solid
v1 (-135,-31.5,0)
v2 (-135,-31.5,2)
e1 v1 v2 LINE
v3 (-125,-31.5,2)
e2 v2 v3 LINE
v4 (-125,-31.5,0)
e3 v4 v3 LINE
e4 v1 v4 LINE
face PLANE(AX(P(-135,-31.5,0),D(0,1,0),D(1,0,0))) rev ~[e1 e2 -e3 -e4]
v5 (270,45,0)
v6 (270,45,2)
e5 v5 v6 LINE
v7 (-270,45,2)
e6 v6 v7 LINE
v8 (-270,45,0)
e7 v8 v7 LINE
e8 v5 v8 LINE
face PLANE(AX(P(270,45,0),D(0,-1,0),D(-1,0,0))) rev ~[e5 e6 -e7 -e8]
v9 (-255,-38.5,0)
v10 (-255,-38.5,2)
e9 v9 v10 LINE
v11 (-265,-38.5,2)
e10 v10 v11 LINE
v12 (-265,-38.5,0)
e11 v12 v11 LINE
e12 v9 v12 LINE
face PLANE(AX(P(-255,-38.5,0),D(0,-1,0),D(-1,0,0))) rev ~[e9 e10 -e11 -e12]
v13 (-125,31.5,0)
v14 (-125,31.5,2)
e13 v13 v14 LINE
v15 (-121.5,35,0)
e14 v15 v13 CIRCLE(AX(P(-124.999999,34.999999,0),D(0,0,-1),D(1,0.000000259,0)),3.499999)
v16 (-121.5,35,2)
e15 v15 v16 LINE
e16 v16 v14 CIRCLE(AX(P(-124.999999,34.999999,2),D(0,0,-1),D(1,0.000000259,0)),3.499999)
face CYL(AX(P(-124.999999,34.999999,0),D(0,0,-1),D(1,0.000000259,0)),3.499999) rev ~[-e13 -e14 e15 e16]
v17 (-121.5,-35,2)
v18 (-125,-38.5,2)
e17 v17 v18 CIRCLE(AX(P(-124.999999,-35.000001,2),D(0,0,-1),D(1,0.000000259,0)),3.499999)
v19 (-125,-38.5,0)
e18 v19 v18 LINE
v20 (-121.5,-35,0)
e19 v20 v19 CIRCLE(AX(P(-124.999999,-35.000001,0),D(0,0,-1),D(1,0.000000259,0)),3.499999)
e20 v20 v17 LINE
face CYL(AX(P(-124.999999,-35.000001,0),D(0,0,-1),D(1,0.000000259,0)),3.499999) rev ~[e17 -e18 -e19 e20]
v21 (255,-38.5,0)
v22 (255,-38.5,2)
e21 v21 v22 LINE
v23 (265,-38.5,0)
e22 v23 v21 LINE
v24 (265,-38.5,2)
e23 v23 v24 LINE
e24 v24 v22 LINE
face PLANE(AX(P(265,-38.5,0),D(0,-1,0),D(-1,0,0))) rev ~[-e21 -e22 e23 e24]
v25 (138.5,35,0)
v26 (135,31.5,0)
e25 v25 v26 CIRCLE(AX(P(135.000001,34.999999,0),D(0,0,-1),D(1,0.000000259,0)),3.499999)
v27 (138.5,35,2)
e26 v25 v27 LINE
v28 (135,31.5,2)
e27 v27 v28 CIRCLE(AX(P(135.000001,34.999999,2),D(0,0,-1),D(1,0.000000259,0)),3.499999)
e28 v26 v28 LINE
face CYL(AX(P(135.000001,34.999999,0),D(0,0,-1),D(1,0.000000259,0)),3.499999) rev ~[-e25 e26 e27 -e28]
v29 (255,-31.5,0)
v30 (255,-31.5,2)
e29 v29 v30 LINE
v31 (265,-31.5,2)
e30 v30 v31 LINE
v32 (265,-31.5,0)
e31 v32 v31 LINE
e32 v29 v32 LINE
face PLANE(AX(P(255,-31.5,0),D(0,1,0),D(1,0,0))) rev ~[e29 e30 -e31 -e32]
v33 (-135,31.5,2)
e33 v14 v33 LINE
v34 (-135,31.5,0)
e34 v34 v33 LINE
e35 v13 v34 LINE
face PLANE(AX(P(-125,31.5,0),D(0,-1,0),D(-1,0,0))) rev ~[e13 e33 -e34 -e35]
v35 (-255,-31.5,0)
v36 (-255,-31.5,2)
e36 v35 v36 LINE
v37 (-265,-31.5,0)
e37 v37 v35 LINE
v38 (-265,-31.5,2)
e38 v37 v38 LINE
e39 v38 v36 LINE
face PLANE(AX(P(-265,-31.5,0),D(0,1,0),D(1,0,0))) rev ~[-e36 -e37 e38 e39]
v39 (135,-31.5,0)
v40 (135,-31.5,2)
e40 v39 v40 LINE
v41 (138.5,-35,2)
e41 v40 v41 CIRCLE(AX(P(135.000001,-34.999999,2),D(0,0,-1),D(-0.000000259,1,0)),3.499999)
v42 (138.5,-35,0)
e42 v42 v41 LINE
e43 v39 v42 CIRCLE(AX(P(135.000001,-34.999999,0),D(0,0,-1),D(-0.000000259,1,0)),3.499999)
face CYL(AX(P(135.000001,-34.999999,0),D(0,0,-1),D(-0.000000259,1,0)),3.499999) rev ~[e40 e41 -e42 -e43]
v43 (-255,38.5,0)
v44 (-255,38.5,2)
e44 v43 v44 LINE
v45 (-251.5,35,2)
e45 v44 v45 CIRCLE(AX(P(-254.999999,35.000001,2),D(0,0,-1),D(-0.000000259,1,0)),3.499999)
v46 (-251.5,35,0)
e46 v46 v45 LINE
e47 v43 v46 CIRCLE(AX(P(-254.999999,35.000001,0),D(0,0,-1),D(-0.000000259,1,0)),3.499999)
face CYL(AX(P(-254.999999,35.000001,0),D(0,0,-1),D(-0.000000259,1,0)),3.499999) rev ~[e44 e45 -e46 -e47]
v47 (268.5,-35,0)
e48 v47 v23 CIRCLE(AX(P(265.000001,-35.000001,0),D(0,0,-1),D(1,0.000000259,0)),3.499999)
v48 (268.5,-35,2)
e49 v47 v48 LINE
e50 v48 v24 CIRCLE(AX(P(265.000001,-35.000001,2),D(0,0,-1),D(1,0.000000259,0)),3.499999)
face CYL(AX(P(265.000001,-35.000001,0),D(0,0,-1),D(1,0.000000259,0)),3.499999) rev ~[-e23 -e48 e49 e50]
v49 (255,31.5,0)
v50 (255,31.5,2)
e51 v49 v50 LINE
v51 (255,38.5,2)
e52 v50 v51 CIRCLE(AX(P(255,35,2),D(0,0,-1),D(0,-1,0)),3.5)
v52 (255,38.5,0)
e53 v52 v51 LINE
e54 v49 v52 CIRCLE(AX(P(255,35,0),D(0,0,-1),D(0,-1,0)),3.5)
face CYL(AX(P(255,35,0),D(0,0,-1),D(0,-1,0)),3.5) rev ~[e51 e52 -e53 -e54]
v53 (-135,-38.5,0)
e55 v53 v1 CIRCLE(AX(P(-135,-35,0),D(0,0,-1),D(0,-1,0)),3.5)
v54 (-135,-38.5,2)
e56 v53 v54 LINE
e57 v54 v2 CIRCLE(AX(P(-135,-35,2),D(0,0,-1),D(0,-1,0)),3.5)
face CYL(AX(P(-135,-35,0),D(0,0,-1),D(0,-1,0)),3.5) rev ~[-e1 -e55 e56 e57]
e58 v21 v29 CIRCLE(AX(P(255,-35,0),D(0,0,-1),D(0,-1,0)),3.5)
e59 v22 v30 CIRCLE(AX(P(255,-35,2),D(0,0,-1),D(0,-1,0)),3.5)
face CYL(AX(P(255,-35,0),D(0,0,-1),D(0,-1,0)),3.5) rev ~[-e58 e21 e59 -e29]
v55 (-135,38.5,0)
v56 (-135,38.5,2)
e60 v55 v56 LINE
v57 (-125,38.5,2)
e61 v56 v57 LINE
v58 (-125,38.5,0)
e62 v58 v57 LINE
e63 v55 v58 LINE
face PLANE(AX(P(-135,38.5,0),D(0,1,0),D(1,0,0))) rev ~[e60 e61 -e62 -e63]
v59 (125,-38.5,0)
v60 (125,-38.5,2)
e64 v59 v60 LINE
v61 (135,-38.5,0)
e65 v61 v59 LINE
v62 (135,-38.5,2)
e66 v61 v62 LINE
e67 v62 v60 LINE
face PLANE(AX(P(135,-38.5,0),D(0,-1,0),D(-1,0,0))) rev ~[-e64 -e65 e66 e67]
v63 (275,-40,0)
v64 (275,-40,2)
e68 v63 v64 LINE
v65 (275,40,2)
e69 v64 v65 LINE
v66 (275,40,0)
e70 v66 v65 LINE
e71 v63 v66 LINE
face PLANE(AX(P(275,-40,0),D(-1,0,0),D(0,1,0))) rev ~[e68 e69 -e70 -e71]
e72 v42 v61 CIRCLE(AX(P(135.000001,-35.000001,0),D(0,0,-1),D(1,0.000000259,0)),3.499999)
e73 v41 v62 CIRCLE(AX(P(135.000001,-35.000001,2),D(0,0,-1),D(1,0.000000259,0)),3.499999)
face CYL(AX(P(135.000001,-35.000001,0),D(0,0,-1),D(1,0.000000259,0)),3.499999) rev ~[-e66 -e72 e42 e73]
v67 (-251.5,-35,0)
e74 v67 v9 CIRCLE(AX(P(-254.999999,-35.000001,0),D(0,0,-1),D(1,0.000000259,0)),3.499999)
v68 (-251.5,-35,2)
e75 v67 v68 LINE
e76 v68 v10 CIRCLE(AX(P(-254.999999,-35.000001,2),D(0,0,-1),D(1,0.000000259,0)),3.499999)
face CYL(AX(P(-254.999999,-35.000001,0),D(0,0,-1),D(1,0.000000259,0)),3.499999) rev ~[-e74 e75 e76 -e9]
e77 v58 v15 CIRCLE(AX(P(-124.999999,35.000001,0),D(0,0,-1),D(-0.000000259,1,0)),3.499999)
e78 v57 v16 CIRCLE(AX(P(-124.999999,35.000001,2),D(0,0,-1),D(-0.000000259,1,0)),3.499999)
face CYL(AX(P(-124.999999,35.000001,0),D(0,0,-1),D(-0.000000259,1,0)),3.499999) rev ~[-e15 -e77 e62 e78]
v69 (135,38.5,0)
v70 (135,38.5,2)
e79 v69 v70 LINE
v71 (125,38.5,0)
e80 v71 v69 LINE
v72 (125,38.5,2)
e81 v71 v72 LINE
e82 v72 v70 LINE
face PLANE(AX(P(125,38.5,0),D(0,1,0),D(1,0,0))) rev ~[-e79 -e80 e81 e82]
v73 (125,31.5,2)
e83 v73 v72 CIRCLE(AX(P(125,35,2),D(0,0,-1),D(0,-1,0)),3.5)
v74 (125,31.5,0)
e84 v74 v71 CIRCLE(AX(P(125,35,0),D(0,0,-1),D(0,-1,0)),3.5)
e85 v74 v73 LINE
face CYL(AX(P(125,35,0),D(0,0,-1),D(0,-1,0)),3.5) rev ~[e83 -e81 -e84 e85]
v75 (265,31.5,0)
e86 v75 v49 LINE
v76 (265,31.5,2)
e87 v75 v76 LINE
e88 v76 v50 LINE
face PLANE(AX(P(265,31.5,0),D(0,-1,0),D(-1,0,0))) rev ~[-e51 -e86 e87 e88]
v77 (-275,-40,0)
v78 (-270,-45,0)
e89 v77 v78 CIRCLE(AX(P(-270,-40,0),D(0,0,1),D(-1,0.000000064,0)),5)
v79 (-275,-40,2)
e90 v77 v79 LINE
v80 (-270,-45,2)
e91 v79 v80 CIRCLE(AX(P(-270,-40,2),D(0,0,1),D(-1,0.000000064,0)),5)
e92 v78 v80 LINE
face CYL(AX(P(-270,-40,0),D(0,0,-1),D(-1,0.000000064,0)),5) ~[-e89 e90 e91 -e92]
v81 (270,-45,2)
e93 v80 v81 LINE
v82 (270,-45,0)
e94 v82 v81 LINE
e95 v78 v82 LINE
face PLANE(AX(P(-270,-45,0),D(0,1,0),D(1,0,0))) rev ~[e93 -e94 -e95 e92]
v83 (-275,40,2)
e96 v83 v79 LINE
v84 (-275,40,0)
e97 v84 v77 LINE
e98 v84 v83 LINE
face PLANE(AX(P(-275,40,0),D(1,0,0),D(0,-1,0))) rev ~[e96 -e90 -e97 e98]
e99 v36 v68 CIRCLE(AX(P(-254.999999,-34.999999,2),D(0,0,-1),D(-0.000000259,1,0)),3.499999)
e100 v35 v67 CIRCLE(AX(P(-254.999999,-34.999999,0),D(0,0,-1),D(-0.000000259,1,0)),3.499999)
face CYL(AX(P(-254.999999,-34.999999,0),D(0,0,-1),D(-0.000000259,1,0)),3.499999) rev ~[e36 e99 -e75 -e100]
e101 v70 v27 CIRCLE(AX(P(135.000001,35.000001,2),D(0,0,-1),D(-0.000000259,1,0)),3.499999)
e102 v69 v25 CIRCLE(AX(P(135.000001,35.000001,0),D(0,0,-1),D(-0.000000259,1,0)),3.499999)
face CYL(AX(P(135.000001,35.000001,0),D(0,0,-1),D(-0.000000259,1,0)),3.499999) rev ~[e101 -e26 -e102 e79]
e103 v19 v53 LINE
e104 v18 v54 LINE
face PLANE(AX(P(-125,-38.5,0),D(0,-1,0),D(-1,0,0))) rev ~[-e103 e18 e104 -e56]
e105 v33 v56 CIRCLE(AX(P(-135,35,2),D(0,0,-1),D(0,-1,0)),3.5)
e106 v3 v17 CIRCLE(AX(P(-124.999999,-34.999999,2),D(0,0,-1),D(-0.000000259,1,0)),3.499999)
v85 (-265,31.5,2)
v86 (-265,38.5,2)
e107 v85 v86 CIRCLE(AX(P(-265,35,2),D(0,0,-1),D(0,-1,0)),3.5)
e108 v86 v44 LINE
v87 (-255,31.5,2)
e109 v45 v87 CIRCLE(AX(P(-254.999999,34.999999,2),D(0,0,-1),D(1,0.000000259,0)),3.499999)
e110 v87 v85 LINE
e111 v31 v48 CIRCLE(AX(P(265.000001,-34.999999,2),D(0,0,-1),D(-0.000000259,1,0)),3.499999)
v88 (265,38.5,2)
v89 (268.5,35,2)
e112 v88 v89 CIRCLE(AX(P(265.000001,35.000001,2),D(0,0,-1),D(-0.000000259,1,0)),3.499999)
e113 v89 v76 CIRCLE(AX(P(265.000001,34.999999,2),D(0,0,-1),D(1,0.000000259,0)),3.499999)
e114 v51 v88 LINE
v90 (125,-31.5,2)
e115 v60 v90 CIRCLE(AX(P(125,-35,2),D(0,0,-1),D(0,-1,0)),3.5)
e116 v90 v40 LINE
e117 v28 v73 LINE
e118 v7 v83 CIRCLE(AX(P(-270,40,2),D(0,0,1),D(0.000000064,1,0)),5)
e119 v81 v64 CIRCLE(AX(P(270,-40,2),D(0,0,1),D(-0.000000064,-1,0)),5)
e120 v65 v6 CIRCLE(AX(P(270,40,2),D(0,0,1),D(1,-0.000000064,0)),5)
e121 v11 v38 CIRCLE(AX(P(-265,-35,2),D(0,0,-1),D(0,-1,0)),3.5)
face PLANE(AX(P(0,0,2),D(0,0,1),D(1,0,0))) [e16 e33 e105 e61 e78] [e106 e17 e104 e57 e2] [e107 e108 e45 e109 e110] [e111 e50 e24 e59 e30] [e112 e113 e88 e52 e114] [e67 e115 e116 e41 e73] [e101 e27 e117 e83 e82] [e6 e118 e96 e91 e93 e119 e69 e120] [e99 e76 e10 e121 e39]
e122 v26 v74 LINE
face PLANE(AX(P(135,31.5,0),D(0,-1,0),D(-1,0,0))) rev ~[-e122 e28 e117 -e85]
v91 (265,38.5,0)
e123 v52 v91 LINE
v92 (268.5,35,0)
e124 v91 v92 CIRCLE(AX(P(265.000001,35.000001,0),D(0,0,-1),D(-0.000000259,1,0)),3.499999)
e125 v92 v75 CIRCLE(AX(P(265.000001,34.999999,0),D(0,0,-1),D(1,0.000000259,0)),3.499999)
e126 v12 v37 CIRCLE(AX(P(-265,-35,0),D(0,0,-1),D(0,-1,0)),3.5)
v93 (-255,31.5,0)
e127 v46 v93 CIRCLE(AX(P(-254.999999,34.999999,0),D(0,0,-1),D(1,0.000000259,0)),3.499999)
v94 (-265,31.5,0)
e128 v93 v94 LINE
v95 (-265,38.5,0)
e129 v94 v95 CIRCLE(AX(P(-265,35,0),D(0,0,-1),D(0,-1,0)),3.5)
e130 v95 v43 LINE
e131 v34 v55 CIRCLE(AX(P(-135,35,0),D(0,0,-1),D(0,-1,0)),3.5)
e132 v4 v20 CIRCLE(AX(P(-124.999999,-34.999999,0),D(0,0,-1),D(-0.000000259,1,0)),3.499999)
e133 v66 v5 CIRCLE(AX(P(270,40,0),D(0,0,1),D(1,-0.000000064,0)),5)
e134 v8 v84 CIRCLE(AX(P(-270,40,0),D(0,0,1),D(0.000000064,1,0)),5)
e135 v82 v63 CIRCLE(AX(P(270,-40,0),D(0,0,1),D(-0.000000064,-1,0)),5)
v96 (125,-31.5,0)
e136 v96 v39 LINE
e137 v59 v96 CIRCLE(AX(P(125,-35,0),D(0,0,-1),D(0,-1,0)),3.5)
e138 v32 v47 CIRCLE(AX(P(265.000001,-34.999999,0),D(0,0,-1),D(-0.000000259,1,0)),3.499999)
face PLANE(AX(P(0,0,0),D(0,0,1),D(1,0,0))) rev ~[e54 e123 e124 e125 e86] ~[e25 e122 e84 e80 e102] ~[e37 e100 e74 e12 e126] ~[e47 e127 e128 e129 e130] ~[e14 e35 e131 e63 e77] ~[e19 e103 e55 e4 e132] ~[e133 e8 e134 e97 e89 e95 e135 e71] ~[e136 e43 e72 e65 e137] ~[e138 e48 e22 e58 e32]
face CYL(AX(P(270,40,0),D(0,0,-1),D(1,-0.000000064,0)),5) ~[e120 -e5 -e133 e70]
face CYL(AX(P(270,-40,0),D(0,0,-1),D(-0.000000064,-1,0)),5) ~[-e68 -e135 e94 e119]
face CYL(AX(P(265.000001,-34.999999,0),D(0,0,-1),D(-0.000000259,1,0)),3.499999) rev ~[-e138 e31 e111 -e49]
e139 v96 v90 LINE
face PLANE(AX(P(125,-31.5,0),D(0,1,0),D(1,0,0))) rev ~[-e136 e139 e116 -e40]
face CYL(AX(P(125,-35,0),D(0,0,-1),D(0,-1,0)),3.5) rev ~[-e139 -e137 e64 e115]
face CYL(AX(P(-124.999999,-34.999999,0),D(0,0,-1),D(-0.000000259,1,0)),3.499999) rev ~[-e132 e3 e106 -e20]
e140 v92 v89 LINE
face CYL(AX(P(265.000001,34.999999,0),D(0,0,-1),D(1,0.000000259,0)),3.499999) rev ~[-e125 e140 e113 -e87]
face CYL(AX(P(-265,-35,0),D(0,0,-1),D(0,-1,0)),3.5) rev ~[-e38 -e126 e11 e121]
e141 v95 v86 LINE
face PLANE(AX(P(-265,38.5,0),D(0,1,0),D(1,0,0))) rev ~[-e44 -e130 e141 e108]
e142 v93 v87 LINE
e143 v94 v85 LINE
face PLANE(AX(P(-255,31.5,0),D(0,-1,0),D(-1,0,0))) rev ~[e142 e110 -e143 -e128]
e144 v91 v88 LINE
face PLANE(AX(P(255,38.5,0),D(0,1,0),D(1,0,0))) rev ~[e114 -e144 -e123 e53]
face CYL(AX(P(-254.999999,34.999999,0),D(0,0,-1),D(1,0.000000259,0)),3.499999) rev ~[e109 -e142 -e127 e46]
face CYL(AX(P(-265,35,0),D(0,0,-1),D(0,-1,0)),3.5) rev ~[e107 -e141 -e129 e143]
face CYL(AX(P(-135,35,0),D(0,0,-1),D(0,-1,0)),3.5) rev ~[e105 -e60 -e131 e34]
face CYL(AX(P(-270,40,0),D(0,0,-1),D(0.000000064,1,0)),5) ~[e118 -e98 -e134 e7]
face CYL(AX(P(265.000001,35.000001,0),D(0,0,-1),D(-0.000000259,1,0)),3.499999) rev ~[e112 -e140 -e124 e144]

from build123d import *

# Parameters (mm, degrees)
F1_DEPTH = 2


with BuildPart() as f1:
    # F0 (on Top) → F1 (new body)
    with BuildSketch(Plane.XY):
        with BuildLine():
            ThreePointArc((275, 40), (273.535534, 43.535534), (270, 45))
            Line((270, 45), (-270, 45))
            ThreePointArc((-270, 45), (-273.535534, 43.535534), (-275, 40))
            Line((-275, 40), (-275, -40))
            ThreePointArc((-275, -40), (-273.535534, -43.535534), (-270, -45))
            Line((-270, -45), (270, -45))
            ThreePointArc((270, -45), (273.535534, -43.535534), (275, -40))
            Line((275, -40), (275, 40))
        make_face()
        with BuildLine():
            ThreePointArc((-251.5, -35), (-252.525126, -37.474874), (-255, -38.5))
            Line((-255, -38.5), (-265, -38.5))
            ThreePointArc((-265, -38.5), (-268.5, -35), (-265, -31.5))
            Line((-265, -31.5), (-255, -31.5))
            ThreePointArc((-255, -31.5), (-252.525126, -32.525126), (-251.5, -35))
        make_face(mode=Mode.SUBTRACT)
        with BuildLine():
            ThreePointArc((-121.5, -35), (-122.525126, -37.474874), (-125, -38.5))
            Line((-125, -38.5), (-135, -38.5))
            ThreePointArc((-135, -38.5), (-138.5, -35), (-135, -31.5))
            Line((-135, -31.5), (-125, -31.5))
            ThreePointArc((-125, -31.5), (-122.525126, -32.525126), (-121.5, -35))
        make_face(mode=Mode.SUBTRACT)
        with BuildLine():
            ThreePointArc((125, -38.5), (121.5, -35), (125, -31.5))
            Line((125, -31.5), (135, -31.5))
            ThreePointArc((135, -31.5), (137.474874, -32.525126), (138.5, -35))
            ThreePointArc((138.5, -35), (137.474874, -37.474874), (135, -38.5))
            Line((135, -38.5), (125, -38.5))
        make_face(mode=Mode.SUBTRACT)
        with BuildLine():
            ThreePointArc((255, -38.5), (251.5, -35), (255, -31.5))
            Line((255, -31.5), (265, -31.5))
            ThreePointArc((265, -31.5), (267.474874, -32.525126), (268.5, -35))
            ThreePointArc((268.5, -35), (267.474874, -37.474874), (265, -38.5))
            Line((265, -38.5), (255, -38.5))
        make_face(mode=Mode.SUBTRACT)
        with BuildLine():
            ThreePointArc((-265, 31.5), (-268.5, 35), (-265, 38.5))
            Line((-265, 38.5), (-255, 38.5))
            ThreePointArc((-255, 38.5), (-252.525126, 37.474874), (-251.5, 35))
            ThreePointArc((-251.5, 35), (-252.525126, 32.525126), (-255, 31.5))
            Line((-255, 31.5), (-265, 31.5))
        make_face(mode=Mode.SUBTRACT)
        with BuildLine():
            ThreePointArc((-135, 31.5), (-138.5, 35), (-135, 38.5))
            Line((-135, 38.5), (-125, 38.5))
            ThreePointArc((-125, 38.5), (-122.525126, 37.474874), (-121.5, 35))
            ThreePointArc((-121.5, 35), (-122.525126, 32.525126), (-125, 31.5))
            Line((-125, 31.5), (-135, 31.5))
        make_face(mode=Mode.SUBTRACT)
        with BuildLine():
            ThreePointArc((125, 31.5), (121.5, 35), (125, 38.5))
            Line((125, 38.5), (135, 38.5))
            ThreePointArc((135, 38.5), (137.474874, 37.474874), (138.5, 35))
            ThreePointArc((138.5, 35), (137.474874, 32.525126), (135, 31.5))
            Line((135, 31.5), (125, 31.5))
        make_face(mode=Mode.SUBTRACT)
        with BuildLine():
            ThreePointArc((255, 31.5), (251.5, 35), (255, 38.5))
            Line((255, 38.5), (265, 38.5))
            ThreePointArc((265, 38.5), (267.474874, 37.474874), (268.5, 35))
            ThreePointArc((268.5, 35), (267.474874, 32.525126), (265, 31.5))
            Line((265, 31.5), (255, 31.5))
        make_face(mode=Mode.SUBTRACT)
    extrude(amount=F1_DEPTH)


solid = f1.part
